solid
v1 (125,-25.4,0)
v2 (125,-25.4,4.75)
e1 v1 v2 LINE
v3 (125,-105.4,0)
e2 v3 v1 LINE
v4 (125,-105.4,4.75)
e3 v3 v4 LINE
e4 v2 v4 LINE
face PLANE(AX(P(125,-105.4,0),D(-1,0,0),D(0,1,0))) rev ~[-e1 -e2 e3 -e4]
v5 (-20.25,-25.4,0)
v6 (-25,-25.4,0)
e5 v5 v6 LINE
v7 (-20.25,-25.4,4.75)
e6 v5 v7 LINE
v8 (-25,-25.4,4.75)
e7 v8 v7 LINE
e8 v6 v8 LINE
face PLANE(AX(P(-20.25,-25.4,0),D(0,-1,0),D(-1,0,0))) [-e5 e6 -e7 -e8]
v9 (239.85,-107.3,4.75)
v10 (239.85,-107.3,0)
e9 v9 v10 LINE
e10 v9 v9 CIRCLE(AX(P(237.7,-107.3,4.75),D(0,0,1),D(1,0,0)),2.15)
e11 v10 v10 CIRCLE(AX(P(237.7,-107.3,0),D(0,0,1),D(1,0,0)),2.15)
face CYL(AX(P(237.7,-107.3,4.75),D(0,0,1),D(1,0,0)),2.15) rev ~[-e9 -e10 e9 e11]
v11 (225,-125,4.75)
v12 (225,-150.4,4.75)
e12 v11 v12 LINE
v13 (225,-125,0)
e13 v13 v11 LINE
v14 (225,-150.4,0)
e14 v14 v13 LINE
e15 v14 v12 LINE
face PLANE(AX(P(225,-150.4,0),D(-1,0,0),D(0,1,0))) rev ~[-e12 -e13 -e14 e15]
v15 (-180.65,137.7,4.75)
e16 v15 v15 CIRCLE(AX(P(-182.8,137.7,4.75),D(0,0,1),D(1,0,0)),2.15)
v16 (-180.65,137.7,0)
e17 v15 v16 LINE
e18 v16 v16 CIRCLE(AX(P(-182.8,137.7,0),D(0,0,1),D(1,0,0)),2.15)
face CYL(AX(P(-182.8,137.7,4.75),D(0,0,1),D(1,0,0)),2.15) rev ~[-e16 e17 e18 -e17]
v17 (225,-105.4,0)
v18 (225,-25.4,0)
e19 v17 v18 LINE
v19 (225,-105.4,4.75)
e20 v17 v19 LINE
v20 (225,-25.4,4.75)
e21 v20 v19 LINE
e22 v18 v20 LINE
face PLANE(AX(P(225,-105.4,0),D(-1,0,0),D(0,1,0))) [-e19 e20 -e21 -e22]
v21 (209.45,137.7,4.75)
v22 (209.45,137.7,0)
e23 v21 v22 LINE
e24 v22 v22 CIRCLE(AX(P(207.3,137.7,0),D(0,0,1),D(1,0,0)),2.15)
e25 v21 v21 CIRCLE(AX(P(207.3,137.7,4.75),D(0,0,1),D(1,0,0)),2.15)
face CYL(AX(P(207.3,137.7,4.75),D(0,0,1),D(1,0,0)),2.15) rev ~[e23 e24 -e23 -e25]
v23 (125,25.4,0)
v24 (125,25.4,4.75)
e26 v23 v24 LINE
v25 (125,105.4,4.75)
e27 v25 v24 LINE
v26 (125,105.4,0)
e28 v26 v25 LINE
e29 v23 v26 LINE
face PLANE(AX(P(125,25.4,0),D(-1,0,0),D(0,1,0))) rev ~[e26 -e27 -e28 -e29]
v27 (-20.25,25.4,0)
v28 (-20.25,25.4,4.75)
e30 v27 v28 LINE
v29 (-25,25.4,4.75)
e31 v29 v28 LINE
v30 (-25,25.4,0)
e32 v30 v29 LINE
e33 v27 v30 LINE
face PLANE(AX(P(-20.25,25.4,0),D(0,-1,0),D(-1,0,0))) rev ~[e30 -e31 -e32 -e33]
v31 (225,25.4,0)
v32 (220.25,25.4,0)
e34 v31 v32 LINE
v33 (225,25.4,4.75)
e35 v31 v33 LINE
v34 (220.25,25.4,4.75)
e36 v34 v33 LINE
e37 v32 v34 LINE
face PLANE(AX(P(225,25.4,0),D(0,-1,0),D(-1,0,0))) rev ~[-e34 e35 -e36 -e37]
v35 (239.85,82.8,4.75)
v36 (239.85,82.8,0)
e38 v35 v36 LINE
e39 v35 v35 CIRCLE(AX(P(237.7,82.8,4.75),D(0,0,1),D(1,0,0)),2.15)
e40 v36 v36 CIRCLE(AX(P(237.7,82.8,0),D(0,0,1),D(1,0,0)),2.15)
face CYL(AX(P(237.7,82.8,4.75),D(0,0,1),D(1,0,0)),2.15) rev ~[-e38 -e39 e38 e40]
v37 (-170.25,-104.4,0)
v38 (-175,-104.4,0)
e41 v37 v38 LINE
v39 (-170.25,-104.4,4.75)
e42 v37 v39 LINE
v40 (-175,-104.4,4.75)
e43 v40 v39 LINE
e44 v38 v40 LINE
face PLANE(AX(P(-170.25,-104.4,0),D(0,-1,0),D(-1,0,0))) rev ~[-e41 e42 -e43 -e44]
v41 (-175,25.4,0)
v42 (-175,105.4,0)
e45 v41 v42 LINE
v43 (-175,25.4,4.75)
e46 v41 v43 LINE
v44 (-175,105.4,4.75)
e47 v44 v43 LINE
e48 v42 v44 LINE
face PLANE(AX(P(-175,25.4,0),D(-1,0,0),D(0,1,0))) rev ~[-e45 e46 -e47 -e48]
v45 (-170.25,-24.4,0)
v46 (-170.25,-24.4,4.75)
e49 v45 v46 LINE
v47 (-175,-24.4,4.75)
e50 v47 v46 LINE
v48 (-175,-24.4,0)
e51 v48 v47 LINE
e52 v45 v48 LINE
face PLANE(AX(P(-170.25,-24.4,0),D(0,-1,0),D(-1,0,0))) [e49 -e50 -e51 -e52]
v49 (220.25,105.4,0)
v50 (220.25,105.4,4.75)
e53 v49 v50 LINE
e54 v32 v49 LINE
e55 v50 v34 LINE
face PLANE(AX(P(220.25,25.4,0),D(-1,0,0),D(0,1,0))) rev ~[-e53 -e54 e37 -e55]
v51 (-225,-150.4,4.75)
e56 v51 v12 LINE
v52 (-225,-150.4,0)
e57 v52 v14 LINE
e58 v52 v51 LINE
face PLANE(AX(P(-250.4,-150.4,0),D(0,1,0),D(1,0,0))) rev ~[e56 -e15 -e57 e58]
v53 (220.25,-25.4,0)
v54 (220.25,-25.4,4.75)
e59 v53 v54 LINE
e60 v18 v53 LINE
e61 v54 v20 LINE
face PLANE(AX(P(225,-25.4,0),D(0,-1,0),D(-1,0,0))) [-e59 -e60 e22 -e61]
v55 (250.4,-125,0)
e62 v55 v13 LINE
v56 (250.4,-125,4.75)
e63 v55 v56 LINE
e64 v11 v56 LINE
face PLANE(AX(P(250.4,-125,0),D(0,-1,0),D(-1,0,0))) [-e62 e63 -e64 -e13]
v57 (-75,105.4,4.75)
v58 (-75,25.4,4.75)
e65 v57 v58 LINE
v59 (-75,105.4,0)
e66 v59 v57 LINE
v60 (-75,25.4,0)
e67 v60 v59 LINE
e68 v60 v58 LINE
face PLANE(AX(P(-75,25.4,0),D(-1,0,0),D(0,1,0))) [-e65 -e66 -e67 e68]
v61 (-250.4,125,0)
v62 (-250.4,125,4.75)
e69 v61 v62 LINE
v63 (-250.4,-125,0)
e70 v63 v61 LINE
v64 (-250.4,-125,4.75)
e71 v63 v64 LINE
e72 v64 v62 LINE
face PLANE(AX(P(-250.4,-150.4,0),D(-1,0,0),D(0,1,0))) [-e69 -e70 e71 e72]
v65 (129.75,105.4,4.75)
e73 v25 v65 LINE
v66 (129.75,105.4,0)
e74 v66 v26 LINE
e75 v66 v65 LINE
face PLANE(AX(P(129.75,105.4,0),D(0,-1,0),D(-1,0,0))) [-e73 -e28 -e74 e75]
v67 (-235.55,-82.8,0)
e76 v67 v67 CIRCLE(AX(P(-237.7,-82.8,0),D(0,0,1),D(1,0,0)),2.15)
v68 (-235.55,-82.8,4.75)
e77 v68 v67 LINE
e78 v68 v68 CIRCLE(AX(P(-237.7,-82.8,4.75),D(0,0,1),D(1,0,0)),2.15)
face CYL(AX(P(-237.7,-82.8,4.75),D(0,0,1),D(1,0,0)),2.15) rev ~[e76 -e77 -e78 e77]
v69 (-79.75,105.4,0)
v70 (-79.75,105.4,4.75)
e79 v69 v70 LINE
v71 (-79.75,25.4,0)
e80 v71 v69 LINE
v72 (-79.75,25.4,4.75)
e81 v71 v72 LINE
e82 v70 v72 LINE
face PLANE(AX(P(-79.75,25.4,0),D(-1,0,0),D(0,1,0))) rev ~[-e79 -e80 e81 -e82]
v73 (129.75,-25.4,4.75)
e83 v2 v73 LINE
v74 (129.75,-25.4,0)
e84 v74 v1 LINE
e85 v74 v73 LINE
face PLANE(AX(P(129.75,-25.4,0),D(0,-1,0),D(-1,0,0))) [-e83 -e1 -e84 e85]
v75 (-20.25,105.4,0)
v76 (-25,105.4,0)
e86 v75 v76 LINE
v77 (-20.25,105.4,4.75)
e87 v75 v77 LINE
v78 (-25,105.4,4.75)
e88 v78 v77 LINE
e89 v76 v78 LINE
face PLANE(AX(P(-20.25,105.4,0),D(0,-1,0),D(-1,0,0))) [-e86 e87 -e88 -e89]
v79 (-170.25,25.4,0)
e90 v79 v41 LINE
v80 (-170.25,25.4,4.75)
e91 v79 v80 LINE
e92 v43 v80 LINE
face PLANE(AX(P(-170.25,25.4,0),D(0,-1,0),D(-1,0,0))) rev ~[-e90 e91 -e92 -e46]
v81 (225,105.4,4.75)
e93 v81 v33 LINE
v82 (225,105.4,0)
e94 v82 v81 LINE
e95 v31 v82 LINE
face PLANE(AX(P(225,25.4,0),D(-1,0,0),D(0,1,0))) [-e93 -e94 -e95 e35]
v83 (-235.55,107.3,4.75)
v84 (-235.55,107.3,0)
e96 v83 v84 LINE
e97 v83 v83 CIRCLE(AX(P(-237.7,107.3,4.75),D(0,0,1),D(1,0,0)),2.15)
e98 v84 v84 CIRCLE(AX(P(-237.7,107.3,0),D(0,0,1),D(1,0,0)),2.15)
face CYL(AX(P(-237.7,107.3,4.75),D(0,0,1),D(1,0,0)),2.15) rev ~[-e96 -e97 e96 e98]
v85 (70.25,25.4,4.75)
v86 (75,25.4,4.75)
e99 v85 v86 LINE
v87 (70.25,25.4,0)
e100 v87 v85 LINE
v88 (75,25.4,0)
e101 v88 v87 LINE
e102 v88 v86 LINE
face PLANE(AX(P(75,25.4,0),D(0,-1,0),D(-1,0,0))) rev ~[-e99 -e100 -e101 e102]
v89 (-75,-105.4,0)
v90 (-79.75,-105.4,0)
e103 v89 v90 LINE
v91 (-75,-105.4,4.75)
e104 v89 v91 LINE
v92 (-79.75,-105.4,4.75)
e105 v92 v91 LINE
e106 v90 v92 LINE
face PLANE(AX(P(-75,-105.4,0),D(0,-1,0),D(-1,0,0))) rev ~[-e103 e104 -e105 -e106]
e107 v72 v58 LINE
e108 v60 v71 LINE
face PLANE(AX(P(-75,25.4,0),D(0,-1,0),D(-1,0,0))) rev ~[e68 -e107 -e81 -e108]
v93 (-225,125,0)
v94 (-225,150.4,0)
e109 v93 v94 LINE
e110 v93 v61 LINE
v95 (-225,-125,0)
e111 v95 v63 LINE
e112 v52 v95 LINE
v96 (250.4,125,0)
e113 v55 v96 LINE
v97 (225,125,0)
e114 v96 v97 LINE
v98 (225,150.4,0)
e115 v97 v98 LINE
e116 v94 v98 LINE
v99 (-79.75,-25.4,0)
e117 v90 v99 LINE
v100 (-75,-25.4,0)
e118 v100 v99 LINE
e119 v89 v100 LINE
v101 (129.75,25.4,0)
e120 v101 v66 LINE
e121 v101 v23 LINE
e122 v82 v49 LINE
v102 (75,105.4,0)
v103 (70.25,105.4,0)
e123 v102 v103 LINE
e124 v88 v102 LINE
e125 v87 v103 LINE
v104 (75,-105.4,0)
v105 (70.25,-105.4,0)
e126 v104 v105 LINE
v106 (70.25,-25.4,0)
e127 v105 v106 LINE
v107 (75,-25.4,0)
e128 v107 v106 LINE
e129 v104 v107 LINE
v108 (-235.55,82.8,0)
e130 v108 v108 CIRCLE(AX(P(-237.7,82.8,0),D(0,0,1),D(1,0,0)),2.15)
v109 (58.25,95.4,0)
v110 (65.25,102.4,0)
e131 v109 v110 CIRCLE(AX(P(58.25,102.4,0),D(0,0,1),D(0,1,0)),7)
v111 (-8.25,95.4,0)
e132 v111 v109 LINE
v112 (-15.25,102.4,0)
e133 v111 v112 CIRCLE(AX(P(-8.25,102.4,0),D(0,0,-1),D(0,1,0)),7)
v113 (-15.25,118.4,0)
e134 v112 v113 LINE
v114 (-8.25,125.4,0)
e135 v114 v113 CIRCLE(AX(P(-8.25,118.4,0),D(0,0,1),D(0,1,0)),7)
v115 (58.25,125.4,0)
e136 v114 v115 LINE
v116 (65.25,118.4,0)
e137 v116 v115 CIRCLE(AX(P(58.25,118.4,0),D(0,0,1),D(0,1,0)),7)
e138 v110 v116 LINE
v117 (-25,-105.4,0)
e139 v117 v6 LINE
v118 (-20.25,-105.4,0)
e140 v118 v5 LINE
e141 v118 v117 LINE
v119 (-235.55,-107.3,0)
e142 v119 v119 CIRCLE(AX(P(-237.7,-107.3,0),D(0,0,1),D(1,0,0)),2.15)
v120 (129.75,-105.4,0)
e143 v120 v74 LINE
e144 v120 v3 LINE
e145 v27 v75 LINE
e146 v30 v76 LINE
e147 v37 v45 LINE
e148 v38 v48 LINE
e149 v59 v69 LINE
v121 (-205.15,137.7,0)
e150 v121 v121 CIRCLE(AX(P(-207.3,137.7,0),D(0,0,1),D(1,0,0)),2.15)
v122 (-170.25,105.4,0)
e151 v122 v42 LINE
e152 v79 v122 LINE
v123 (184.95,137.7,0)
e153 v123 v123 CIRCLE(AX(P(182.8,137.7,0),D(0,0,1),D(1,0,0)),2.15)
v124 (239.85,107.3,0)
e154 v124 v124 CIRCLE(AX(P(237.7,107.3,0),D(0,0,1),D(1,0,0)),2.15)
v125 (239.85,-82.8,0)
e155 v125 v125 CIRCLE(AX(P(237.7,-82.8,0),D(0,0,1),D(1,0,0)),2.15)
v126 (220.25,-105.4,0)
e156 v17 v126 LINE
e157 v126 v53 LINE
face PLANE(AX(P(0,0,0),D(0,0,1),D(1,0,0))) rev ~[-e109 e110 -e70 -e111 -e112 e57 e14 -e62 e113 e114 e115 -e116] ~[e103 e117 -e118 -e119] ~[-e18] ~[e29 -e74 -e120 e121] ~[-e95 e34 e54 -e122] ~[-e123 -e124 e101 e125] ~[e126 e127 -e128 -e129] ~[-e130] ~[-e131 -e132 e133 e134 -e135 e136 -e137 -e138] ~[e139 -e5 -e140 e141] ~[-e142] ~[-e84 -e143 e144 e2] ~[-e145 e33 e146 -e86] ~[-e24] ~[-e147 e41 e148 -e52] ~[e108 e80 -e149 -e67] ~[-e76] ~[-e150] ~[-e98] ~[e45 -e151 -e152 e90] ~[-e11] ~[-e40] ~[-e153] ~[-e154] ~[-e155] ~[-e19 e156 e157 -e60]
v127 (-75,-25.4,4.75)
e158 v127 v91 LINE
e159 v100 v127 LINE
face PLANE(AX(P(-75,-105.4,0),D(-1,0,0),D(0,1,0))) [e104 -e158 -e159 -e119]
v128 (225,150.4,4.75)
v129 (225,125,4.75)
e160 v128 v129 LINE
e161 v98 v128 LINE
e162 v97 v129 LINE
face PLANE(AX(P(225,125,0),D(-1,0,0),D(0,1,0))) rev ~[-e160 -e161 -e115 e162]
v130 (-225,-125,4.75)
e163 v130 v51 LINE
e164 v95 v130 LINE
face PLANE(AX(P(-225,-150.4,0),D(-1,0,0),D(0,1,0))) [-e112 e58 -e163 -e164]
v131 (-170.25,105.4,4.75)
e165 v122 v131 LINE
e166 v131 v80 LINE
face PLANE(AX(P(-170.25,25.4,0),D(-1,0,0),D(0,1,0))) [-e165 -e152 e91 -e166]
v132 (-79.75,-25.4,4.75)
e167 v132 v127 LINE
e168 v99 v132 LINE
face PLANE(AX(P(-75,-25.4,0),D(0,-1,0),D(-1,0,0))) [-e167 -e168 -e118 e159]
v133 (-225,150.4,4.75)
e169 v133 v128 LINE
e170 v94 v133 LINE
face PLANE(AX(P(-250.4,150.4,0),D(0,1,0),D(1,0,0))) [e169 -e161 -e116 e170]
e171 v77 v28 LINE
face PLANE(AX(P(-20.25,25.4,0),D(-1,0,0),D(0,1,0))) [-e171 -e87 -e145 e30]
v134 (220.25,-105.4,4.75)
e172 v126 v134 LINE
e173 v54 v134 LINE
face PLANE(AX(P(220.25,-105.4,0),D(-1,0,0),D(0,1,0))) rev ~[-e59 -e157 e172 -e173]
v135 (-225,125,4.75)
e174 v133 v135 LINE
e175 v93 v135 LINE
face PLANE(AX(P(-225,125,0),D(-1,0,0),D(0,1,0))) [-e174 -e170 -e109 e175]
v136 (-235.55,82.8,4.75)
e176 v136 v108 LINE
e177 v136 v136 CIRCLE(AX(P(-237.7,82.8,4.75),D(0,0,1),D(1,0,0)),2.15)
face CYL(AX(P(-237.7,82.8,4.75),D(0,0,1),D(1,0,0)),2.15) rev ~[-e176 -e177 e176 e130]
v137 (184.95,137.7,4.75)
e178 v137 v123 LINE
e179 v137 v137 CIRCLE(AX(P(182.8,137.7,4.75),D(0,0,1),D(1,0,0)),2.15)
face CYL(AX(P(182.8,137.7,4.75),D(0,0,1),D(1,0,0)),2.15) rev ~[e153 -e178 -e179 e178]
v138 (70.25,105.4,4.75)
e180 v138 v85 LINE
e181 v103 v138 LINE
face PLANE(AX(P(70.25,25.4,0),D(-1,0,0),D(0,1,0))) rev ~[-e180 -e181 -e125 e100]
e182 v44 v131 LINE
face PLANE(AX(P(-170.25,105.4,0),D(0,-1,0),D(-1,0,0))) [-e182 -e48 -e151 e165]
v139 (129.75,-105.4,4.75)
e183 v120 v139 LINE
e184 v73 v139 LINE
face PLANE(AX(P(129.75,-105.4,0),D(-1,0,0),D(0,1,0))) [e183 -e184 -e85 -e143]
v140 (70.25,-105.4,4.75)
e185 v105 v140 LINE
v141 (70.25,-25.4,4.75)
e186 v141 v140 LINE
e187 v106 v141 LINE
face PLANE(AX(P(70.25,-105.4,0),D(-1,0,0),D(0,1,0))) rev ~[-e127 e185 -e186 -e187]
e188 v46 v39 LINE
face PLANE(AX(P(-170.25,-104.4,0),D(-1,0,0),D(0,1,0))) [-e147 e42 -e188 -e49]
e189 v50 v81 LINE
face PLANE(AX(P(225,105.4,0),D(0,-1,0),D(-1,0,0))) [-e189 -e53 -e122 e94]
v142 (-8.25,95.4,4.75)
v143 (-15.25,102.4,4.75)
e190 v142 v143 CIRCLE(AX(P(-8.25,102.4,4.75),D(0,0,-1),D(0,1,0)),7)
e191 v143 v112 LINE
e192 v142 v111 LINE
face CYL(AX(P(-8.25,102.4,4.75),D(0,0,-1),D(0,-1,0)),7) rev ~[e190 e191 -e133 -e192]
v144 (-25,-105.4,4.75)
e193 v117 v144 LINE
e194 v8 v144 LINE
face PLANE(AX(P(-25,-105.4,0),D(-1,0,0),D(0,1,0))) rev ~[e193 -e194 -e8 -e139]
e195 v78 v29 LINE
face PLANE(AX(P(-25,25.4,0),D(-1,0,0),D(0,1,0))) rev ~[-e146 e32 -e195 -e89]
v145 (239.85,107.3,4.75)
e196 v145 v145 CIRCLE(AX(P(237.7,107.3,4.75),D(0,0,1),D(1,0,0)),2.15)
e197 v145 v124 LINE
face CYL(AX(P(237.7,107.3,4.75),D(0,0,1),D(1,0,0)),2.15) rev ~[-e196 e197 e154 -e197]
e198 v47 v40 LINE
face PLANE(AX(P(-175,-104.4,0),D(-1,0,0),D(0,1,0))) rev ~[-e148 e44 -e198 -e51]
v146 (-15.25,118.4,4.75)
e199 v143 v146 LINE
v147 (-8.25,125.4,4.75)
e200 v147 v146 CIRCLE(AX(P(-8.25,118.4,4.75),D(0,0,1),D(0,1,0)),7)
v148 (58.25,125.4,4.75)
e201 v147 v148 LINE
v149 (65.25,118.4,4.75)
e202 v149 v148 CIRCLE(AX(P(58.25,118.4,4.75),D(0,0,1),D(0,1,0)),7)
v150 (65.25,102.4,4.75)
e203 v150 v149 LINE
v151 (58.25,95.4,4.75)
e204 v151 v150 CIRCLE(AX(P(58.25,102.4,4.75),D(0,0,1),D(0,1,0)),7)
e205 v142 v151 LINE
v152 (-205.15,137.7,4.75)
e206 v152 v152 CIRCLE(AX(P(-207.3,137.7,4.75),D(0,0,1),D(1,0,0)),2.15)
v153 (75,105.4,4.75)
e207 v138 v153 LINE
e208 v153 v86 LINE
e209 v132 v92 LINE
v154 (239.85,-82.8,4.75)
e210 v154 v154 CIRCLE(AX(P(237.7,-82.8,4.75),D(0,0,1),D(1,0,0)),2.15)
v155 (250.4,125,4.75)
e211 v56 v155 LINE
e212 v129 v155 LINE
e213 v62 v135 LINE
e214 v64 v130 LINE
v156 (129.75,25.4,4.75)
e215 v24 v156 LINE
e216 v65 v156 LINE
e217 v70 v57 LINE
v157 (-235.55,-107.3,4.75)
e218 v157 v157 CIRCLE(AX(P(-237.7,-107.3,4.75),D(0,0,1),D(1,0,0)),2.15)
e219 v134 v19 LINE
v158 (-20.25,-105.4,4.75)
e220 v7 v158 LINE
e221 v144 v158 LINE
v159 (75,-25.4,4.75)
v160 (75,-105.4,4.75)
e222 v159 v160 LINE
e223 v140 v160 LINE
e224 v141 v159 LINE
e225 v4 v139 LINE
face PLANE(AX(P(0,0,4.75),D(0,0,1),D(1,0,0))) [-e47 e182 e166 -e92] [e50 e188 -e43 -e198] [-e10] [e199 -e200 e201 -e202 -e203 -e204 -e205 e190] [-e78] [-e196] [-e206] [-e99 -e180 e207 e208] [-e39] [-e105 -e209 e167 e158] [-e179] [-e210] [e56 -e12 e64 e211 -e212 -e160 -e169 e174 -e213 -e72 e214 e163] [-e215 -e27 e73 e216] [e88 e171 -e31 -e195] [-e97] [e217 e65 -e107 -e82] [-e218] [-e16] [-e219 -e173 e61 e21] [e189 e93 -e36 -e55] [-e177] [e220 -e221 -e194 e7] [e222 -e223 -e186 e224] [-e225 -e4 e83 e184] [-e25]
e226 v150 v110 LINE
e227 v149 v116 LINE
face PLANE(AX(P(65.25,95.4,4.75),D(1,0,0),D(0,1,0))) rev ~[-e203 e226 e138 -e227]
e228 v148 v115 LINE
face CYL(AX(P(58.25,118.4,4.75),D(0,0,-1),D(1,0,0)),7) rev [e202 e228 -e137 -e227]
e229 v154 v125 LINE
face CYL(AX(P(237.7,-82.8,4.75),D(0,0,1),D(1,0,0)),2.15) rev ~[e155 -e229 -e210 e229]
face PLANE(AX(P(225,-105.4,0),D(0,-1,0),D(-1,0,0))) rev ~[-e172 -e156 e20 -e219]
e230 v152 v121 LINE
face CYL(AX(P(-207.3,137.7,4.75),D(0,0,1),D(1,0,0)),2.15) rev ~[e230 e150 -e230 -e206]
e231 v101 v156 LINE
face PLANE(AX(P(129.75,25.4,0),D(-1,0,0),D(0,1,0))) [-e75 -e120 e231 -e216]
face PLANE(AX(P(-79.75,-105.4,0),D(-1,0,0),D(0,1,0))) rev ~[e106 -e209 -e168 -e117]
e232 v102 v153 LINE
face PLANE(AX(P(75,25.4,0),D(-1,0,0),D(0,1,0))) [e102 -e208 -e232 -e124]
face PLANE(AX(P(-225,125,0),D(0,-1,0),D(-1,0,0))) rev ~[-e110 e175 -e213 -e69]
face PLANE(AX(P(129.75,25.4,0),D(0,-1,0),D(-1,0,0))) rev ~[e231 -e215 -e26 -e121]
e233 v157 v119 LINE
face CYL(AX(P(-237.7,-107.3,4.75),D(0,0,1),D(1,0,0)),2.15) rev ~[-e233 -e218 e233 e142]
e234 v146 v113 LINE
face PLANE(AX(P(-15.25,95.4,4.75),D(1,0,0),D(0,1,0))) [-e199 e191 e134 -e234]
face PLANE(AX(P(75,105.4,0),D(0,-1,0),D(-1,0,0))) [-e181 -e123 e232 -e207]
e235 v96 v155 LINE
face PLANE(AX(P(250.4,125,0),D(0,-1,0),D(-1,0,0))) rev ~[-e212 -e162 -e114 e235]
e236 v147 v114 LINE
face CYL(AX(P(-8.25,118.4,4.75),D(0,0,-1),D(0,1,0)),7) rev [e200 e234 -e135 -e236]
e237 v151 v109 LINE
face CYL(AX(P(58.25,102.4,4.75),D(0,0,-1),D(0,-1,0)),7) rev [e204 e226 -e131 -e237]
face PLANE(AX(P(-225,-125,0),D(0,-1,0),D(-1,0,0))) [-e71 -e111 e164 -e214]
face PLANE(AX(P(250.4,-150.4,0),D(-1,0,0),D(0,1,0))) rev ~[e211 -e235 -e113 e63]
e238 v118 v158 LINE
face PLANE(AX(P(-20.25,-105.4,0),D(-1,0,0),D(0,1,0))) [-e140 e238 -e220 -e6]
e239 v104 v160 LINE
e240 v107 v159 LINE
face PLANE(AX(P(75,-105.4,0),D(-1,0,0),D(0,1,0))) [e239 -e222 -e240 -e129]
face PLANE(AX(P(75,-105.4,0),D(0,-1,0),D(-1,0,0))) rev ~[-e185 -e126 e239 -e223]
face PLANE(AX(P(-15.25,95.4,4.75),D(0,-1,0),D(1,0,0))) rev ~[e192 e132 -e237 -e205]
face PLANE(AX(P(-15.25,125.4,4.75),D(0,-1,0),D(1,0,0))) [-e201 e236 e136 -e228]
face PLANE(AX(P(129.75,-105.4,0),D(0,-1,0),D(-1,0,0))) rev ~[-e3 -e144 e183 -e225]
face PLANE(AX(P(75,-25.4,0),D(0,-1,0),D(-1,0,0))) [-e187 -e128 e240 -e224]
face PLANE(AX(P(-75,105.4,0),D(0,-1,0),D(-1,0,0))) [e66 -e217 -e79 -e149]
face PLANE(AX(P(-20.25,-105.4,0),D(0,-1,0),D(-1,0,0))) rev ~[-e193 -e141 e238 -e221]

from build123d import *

# Parameters (mm, degrees)
SKETCH_1_W          = 500.8
SKETCH_1_H          = 300.8
EXTRUDE_1_DEPTH     = 4.75
SKETCH_2_W          = 25.4
SKETCH_2_H          = 25.4
SKETCH_2_W_2        = 4.75
SKETCH_2_H_2        = 80
CUT_EXTRUDE_1_DEPTH = 10
SKETCH_3_R          = 2.150000004
SKETCH_3_R_2        = 2.15
CUT_EXTRUDE_2_DEPTH = 5
SKETCH_4_W          = 80.5
SKETCH_4_H          = 30
CUT_EXTRUDE_3_DEPTH = 4.75
FILLET_1_R          = 7


with BuildPart() as part:
    # 草圖1 → 填料-伸長1 (new body)
    with BuildSketch(Plane.XY):
        Rectangle(SKETCH_1_W, SKETCH_1_H)
    extrude(amount=EXTRUDE_1_DEPTH)

    # 草圖2 → 除料-伸長1 (cut)
    with BuildSketch(Plane(origin=(0, 0, 0), x_dir=(-1, 0, 0), z_dir=(0, 0, -1))):
        with Locations((-237.7, 137.7)):
            Rectangle(SKETCH_2_W, SKETCH_2_H)
        with Locations((-237.7, -137.7)):
            Rectangle(SKETCH_2_W, SKETCH_2_H)
        with Locations((237.7, 137.7)):
            Rectangle(SKETCH_2_W, SKETCH_2_H)
        with Locations((237.7, -137.7)):
            Rectangle(SKETCH_2_W, SKETCH_2_H)
        with Locations((-222.625, 65.4)):
            Rectangle(SKETCH_2_W_2, SKETCH_2_H_2)
        with Locations((-222.625, -65.4)):
            Rectangle(SKETCH_2_W_2, SKETCH_2_H_2)
        with Locations((172.625, 65.4)):
            Rectangle(SKETCH_2_W_2, SKETCH_2_H_2)
        with Locations((172.625, -64.4)):
            Rectangle(SKETCH_2_W_2, SKETCH_2_H_2)
        with Locations((-127.375, 65.4)):
            Rectangle(SKETCH_2_W_2, SKETCH_2_H_2)
        with Locations((-72.625, 65.4)):
            Rectangle(SKETCH_2_W_2, SKETCH_2_H_2)
        with Locations((22.625, 65.4)):
            Rectangle(SKETCH_2_W_2, SKETCH_2_H_2)
        with Locations((77.375, 65.4)):
            Rectangle(SKETCH_2_W_2, SKETCH_2_H_2)
        with Locations((77.375, -65.4)):
            Rectangle(SKETCH_2_W_2, SKETCH_2_H_2)
        with Locations((22.625, -65.4)):
            Rectangle(SKETCH_2_W_2, SKETCH_2_H_2)
        with Locations((-127.375, -65.4)):
            Rectangle(SKETCH_2_W_2, SKETCH_2_H_2)
        with Locations((-72.625, -65.4)):
            Rectangle(SKETCH_2_W_2, SKETCH_2_H_2)
    extrude(amount=-CUT_EXTRUDE_1_DEPTH, mode=Mode.SUBTRACT)

    # 草圖3 → 除料-伸長2 (cut)
    with BuildSketch(Plane.XY.offset(4.75)):
        with Locations((-237.7, 107.300000013)):
            Circle(SKETCH_3_R)
        with Locations((-237.7, 82.800000013)):
            Circle(SKETCH_3_R)
        with Locations((-207.3, 137.700000006)):
            Circle(SKETCH_3_R_2)
        with Locations((-182.8, 137.700000006)):
            Circle(SKETCH_3_R_2)
        with Locations((-237.7, -82.800000001)):
            Circle(SKETCH_3_R_2)
        with Locations((-237.7, -107.300000001)):
            Circle(SKETCH_3_R_2)
        with Locations((237.7, -107.300000007)):
            Circle(SKETCH_3_R)
        with Locations((237.7, -82.800000007)):
            Circle(SKETCH_3_R)
        with Locations((237.7, 107.300000006)):
            Circle(SKETCH_3_R_2)
        with Locations((237.7, 82.800000006)):
            Circle(SKETCH_3_R_2)
        with Locations((182.8, 137.700000006)):
            Circle(SKETCH_3_R_2)
        with Locations((207.3, 137.700000006)):
            Circle(SKETCH_3_R_2)
    extrude(amount=-CUT_EXTRUDE_2_DEPTH, mode=Mode.SUBTRACT)

    # 草圖4 → 除料-伸長3 (cut)
    with BuildSketch(Plane.XY.offset(4.75)):
        with Locations((25, 110.4)):
            Rectangle(SKETCH_4_W, SKETCH_4_H)
    extrude(amount=-CUT_EXTRUDE_3_DEPTH, mode=Mode.SUBTRACT)

    # 圓角1
    fillet_1_edges = [part.edges().sort_by_distance(p)[0] for p in [
        (65.25, 125.4, 2.375),
        (65.25, 95.4, 2.375),
        (-15.25, 95.4, 2.375),
        (-15.25, 125.4, 2.375),
    ]]
    fillet(fillet_1_edges, radius=FILLET_1_R)


solid = part.part
